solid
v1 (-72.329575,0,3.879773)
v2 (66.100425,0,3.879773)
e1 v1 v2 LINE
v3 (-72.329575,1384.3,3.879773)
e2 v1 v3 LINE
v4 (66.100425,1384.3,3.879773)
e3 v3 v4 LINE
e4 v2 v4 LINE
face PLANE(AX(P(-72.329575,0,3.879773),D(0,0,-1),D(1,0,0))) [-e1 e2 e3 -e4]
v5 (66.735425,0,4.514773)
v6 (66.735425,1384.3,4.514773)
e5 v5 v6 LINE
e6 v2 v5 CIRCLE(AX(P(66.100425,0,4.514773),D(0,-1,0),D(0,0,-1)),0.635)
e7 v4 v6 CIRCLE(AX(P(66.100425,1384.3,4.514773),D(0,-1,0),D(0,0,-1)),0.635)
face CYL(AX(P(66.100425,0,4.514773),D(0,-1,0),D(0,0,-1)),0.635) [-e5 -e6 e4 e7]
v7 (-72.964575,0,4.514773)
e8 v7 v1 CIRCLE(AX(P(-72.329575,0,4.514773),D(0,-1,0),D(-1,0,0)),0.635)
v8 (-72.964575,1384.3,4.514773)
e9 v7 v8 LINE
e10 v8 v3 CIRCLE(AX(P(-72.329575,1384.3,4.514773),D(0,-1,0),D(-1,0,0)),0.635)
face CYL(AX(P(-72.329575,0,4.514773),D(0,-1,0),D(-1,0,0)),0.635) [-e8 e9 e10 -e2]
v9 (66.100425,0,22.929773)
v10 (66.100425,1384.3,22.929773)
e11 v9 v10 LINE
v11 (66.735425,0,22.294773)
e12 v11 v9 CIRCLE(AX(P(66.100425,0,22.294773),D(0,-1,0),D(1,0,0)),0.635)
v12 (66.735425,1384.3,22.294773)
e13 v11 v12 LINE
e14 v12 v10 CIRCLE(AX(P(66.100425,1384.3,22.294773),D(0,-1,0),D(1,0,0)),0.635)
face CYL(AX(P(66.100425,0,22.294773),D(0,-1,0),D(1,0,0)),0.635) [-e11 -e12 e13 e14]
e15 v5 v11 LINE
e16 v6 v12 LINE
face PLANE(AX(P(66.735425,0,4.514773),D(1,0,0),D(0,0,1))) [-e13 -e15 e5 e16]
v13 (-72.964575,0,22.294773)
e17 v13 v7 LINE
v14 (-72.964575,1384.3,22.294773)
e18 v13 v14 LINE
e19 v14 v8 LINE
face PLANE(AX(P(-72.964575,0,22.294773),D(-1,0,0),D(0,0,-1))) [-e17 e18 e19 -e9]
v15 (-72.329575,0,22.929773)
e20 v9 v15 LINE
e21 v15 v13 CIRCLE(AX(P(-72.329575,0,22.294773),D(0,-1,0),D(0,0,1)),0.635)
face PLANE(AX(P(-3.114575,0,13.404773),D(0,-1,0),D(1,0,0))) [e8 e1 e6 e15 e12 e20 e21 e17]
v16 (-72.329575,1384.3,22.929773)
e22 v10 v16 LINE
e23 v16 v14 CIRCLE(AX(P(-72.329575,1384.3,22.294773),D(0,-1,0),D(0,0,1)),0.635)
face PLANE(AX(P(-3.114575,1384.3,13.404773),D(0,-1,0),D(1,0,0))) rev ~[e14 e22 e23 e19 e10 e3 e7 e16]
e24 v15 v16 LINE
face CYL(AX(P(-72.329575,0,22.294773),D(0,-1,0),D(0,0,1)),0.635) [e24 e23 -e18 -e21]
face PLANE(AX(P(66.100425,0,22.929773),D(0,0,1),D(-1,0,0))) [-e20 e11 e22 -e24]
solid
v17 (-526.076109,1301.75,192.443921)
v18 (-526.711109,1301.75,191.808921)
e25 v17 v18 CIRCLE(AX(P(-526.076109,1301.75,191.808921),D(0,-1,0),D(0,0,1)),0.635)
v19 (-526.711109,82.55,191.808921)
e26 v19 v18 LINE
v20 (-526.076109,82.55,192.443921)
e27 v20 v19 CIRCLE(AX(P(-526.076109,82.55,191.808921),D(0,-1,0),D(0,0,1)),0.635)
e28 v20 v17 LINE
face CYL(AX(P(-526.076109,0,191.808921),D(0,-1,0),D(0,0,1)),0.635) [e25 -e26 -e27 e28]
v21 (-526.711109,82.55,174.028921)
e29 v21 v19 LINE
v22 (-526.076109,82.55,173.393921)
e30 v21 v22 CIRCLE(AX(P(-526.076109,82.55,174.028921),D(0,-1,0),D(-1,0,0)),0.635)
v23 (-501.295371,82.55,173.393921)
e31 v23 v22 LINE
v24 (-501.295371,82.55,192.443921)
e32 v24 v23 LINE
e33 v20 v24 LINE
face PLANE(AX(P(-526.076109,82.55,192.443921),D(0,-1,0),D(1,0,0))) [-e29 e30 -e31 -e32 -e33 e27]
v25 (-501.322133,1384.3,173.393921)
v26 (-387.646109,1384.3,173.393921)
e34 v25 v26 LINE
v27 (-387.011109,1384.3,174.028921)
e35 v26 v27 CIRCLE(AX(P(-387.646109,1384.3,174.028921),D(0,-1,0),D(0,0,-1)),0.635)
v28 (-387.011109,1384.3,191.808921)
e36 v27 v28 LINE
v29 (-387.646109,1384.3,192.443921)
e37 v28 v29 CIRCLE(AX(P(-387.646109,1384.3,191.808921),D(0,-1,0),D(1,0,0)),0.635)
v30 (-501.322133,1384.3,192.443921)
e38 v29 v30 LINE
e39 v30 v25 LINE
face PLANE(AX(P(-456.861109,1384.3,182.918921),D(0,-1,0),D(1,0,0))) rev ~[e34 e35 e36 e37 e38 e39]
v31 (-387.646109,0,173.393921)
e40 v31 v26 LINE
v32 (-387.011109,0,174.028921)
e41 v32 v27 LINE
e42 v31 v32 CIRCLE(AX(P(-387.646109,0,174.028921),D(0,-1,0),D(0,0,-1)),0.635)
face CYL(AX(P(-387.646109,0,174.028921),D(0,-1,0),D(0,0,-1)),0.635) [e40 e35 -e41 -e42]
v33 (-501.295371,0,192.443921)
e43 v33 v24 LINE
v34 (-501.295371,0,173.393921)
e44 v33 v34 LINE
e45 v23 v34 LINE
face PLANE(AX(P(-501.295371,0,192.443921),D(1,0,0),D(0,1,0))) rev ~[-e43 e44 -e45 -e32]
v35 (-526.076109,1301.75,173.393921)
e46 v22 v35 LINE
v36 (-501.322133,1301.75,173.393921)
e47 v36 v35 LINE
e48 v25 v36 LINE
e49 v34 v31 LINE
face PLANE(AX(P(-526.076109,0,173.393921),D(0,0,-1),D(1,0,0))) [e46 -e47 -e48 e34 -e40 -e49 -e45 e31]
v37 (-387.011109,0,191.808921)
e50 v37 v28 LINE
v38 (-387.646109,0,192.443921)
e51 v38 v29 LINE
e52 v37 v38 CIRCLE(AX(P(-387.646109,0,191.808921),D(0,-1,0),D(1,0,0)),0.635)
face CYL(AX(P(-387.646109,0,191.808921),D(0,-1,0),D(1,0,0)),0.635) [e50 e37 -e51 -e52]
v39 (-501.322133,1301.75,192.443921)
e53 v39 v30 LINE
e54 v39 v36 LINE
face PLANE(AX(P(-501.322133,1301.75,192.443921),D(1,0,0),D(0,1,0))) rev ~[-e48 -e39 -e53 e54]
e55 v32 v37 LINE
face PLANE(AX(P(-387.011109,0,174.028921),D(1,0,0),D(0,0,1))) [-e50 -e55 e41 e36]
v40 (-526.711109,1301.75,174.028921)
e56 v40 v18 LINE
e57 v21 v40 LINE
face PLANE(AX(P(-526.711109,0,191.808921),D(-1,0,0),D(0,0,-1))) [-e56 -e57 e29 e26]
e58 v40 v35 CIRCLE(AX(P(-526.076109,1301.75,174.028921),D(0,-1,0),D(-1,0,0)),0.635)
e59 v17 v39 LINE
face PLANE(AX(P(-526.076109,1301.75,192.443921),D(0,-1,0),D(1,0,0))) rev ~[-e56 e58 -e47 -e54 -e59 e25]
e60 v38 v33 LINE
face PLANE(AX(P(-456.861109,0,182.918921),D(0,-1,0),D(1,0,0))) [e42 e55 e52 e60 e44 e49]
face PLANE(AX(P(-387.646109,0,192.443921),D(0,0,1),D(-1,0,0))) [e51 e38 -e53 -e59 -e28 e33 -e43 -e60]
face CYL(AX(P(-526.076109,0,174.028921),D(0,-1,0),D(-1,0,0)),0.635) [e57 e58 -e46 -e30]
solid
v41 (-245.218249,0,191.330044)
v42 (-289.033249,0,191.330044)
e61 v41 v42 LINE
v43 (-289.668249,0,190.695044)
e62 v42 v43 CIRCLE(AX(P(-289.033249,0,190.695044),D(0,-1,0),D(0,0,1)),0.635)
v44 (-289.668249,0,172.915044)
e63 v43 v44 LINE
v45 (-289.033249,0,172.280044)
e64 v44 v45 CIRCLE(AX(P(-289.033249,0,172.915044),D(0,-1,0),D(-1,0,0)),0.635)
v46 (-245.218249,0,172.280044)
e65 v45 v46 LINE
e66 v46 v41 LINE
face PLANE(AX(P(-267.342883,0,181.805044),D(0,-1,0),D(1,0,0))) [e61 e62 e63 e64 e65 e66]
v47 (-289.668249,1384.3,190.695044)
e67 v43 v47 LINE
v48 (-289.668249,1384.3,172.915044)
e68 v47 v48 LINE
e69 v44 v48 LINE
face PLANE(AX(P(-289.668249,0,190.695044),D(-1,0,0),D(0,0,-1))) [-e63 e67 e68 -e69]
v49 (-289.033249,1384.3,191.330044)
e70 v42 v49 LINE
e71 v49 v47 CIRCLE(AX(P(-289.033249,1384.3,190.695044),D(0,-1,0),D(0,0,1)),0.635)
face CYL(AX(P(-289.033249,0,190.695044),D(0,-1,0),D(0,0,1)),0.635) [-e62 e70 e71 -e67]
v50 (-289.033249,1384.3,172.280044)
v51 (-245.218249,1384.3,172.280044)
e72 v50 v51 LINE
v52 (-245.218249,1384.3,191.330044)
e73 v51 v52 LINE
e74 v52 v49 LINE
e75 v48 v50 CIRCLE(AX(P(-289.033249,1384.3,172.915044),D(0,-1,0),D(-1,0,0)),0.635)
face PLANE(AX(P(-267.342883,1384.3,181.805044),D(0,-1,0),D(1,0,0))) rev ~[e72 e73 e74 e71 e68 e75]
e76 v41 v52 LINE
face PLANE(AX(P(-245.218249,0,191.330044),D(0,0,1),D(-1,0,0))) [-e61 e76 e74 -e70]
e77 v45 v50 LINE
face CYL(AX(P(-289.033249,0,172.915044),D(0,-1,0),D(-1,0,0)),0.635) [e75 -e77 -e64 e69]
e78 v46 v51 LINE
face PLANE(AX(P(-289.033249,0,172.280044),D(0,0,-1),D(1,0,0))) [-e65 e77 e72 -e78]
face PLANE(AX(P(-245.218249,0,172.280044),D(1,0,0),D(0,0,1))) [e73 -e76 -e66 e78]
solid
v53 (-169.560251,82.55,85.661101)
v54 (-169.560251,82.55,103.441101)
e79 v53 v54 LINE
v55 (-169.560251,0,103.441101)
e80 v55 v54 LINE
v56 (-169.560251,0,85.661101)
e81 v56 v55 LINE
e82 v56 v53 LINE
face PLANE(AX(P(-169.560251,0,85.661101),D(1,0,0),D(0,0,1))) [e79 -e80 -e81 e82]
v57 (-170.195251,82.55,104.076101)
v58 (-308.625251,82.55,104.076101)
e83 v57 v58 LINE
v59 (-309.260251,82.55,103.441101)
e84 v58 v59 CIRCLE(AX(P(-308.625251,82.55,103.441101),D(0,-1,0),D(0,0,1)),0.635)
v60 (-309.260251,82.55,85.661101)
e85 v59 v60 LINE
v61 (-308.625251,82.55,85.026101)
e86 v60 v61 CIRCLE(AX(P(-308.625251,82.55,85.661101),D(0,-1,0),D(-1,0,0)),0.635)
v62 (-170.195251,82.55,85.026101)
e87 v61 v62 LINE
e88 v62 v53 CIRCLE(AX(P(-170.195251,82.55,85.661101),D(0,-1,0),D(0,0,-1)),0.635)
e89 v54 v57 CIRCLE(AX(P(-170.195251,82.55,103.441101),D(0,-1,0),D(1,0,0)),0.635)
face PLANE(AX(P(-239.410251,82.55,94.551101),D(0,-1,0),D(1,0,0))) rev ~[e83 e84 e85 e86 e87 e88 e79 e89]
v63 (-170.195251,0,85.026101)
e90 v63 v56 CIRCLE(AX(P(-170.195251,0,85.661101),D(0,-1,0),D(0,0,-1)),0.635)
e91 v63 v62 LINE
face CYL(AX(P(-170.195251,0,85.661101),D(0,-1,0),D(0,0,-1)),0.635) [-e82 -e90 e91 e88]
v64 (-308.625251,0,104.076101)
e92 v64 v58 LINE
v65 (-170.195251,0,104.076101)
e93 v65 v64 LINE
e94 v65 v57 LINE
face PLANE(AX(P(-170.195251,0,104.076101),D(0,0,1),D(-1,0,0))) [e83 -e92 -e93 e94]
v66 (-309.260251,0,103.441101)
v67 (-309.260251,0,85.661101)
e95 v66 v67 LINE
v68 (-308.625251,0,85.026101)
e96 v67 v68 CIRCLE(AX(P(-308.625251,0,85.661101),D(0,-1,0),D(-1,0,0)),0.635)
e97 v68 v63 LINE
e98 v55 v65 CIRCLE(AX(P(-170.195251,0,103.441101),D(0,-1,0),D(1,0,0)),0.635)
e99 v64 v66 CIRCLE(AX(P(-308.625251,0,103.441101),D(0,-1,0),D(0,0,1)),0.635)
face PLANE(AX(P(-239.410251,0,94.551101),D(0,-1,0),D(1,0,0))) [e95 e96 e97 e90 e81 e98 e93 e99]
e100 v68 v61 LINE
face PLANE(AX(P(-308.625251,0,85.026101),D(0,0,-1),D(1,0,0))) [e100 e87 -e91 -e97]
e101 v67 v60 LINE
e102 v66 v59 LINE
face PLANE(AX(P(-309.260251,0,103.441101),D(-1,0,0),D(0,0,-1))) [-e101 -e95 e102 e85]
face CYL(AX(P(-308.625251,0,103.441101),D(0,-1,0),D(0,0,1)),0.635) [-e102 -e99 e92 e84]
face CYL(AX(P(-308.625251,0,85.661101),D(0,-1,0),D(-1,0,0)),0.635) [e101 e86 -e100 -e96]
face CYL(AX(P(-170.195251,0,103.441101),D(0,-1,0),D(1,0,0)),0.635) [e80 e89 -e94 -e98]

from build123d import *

# Parameters (mm, degrees)
F1_DEPTH  = 1384.3
F3_DEPTH  = 82.55
F5_DEPTH  = 1384.3
F6_W      = 24.7807378674
F6_H      = 82.55
F6_W_2    = 24.7539753819
F7_DEPTH  = 188.5651486045
F8_DEPTH  = 25.4
F10_DEPTH = 1384.3


with BuildPart() as f1:
    # F0 (on Front) → F1 (new body)
    with BuildSketch(Plane.XZ):
        with BuildLine():
            Line((66.1004254112, 22.9297725085), (-72.3295745888, 22.9297725085))
            ThreePointArc((-72.3295745888, 22.9297725085), (-72.7785873949, 22.7437853146), (-72.9645745888, 22.2947725085))
            Line((-72.9645745888, 22.2947725085), (-72.9645745888, 4.5147725085))
            ThreePointArc((-72.9645745888, 4.5147725085), (-72.7785873949, 4.0657597024), (-72.3295745888, 3.8797725085))
            Line((-72.3295745888, 3.8797725085), (66.1004254112, 3.8797725085))
            ThreePointArc((66.1004254112, 3.8797725085), (66.5494382172, 4.0657597024), (66.7354254112, 4.5147725085))
            Line((66.7354254112, 4.5147725085), (66.7354254112, 22.2947725085))
            ThreePointArc((66.7354254112, 22.2947725085), (66.5494382172, 22.7437853146), (66.1004254112, 22.9297725085))
        make_face()
    extrude(amount=-F1_DEPTH)


with BuildPart() as f3:
    # F2 (on Front) → F3 (new body)
    with BuildSketch(Plane.XZ):
        with BuildLine():
            Line((-170.195251379, 104.0761013269), (-308.625251379, 104.0761013269))
            ThreePointArc((-308.625251379, 104.0761013269), (-309.0742641851, 103.890114133), (-309.260251379, 103.4411013269))
            Line((-309.260251379, 103.4411013269), (-309.260251379, 85.6611013269))
            ThreePointArc((-309.260251379, 85.6611013269), (-309.0742641851, 85.2120885209), (-308.625251379, 85.0261013269))
            Line((-308.625251379, 85.0261013269), (-170.195251379, 85.0261013269))
            ThreePointArc((-170.195251379, 85.0261013269), (-169.746238573, 85.2120885209), (-169.560251379, 85.6611013269))
            Line((-169.560251379, 85.6611013269), (-169.560251379, 103.4411013269))
            ThreePointArc((-169.560251379, 103.4411013269), (-169.746238573, 103.890114133), (-170.195251379, 104.0761013269))
        make_face()
    extrude(amount=-F3_DEPTH)


with BuildPart() as f5:
    # F4 (on Front) → F5 (new body)
    with BuildSketch(Plane.XZ):
        with BuildLine():
            Line((-387.6461085415, 192.443921113), (-526.0761085415, 192.443921113))
            ThreePointArc((-526.0761085415, 192.443921113), (-526.5251213475, 192.2579339191), (-526.7111085415, 191.808921113))
            Line((-526.7111085415, 191.808921113), (-526.7111085415, 174.028921113))
            ThreePointArc((-526.7111085415, 174.028921113), (-526.5251213475, 173.579908307), (-526.0761085415, 173.393921113))
            Line((-526.0761085415, 173.393921113), (-387.6461085415, 173.393921113))
            ThreePointArc((-387.6461085415, 173.393921113), (-387.1970957354, 173.579908307), (-387.0111085415, 174.028921113))
            Line((-387.0111085415, 174.028921113), (-387.0111085415, 191.808921113))
            ThreePointArc((-387.0111085415, 191.808921113), (-387.1970957354, 192.2579339191), (-387.6461085415, 192.443921113))
        make_face()
    extrude(amount=-F5_DEPTH)

    # F6 (on face) → F7 (cut, through all)
    with BuildSketch(Plane.XY.offset(192.443921113)):
        with Locations((-513.6857396078, 41.275)):
            Rectangle(F6_W, F6_H)
        with Locations((-513.6991208506, 1343.025)):
            Rectangle(F6_W_2, F6_H)
    extrude(amount=-F7_DEPTH, mode=Mode.SUBTRACT)

    # F8 (cut): faces of the model
    f8_faces = [f5.faces().sort_by_distance(p)[0] for p in [
        (-526.0761085415, 41.275, 182.918921113),
        (-526.0761085415, 1343.025, 182.918921113),
    ]]
    extrude(f8_faces, amount=-F8_DEPTH, mode=Mode.SUBTRACT)


with BuildPart() as f10:
    # F9 (on Front) → F10 (new body)
    with BuildSketch(Plane.XZ):
        with BuildLine():
            Line((-245.8532493448, 191.3300444126), (-289.0332493448, 191.3300444126))
            ThreePointArc((-289.0332493448, 191.3300444126), (-289.4822621509, 191.1440572187), (-289.6682493448, 190.6950444126))
            Line((-289.6682493448, 190.6950444126), (-289.6682493448, 172.9150444126))
            ThreePointArc((-289.6682493448, 172.9150444126), (-289.4822621509, 172.4660316066), (-289.0332493448, 172.2800444126))
            Line((-289.0332493448, 172.2800444126), (-245.8532493448, 172.2800444126))
            Line((-245.8532493448, 172.2800444126), (-245.2182493448, 172.2800444126))
            Line((-245.2182493448, 172.2800444126), (-245.2182493448, 172.9150444126))
            Line((-245.2182493448, 172.9150444126), (-245.2182493448, 190.6950444126))
            Line((-245.2182493448, 190.6950444126), (-245.2182493448, 191.3300444126))
            Line((-245.2182493448, 191.3300444126), (-245.8532493448, 191.3300444126))
        make_face()
    extrude(amount=-F10_DEPTH)


solid = Compound([f1.part, f3.part, f5.part, f10.part])
